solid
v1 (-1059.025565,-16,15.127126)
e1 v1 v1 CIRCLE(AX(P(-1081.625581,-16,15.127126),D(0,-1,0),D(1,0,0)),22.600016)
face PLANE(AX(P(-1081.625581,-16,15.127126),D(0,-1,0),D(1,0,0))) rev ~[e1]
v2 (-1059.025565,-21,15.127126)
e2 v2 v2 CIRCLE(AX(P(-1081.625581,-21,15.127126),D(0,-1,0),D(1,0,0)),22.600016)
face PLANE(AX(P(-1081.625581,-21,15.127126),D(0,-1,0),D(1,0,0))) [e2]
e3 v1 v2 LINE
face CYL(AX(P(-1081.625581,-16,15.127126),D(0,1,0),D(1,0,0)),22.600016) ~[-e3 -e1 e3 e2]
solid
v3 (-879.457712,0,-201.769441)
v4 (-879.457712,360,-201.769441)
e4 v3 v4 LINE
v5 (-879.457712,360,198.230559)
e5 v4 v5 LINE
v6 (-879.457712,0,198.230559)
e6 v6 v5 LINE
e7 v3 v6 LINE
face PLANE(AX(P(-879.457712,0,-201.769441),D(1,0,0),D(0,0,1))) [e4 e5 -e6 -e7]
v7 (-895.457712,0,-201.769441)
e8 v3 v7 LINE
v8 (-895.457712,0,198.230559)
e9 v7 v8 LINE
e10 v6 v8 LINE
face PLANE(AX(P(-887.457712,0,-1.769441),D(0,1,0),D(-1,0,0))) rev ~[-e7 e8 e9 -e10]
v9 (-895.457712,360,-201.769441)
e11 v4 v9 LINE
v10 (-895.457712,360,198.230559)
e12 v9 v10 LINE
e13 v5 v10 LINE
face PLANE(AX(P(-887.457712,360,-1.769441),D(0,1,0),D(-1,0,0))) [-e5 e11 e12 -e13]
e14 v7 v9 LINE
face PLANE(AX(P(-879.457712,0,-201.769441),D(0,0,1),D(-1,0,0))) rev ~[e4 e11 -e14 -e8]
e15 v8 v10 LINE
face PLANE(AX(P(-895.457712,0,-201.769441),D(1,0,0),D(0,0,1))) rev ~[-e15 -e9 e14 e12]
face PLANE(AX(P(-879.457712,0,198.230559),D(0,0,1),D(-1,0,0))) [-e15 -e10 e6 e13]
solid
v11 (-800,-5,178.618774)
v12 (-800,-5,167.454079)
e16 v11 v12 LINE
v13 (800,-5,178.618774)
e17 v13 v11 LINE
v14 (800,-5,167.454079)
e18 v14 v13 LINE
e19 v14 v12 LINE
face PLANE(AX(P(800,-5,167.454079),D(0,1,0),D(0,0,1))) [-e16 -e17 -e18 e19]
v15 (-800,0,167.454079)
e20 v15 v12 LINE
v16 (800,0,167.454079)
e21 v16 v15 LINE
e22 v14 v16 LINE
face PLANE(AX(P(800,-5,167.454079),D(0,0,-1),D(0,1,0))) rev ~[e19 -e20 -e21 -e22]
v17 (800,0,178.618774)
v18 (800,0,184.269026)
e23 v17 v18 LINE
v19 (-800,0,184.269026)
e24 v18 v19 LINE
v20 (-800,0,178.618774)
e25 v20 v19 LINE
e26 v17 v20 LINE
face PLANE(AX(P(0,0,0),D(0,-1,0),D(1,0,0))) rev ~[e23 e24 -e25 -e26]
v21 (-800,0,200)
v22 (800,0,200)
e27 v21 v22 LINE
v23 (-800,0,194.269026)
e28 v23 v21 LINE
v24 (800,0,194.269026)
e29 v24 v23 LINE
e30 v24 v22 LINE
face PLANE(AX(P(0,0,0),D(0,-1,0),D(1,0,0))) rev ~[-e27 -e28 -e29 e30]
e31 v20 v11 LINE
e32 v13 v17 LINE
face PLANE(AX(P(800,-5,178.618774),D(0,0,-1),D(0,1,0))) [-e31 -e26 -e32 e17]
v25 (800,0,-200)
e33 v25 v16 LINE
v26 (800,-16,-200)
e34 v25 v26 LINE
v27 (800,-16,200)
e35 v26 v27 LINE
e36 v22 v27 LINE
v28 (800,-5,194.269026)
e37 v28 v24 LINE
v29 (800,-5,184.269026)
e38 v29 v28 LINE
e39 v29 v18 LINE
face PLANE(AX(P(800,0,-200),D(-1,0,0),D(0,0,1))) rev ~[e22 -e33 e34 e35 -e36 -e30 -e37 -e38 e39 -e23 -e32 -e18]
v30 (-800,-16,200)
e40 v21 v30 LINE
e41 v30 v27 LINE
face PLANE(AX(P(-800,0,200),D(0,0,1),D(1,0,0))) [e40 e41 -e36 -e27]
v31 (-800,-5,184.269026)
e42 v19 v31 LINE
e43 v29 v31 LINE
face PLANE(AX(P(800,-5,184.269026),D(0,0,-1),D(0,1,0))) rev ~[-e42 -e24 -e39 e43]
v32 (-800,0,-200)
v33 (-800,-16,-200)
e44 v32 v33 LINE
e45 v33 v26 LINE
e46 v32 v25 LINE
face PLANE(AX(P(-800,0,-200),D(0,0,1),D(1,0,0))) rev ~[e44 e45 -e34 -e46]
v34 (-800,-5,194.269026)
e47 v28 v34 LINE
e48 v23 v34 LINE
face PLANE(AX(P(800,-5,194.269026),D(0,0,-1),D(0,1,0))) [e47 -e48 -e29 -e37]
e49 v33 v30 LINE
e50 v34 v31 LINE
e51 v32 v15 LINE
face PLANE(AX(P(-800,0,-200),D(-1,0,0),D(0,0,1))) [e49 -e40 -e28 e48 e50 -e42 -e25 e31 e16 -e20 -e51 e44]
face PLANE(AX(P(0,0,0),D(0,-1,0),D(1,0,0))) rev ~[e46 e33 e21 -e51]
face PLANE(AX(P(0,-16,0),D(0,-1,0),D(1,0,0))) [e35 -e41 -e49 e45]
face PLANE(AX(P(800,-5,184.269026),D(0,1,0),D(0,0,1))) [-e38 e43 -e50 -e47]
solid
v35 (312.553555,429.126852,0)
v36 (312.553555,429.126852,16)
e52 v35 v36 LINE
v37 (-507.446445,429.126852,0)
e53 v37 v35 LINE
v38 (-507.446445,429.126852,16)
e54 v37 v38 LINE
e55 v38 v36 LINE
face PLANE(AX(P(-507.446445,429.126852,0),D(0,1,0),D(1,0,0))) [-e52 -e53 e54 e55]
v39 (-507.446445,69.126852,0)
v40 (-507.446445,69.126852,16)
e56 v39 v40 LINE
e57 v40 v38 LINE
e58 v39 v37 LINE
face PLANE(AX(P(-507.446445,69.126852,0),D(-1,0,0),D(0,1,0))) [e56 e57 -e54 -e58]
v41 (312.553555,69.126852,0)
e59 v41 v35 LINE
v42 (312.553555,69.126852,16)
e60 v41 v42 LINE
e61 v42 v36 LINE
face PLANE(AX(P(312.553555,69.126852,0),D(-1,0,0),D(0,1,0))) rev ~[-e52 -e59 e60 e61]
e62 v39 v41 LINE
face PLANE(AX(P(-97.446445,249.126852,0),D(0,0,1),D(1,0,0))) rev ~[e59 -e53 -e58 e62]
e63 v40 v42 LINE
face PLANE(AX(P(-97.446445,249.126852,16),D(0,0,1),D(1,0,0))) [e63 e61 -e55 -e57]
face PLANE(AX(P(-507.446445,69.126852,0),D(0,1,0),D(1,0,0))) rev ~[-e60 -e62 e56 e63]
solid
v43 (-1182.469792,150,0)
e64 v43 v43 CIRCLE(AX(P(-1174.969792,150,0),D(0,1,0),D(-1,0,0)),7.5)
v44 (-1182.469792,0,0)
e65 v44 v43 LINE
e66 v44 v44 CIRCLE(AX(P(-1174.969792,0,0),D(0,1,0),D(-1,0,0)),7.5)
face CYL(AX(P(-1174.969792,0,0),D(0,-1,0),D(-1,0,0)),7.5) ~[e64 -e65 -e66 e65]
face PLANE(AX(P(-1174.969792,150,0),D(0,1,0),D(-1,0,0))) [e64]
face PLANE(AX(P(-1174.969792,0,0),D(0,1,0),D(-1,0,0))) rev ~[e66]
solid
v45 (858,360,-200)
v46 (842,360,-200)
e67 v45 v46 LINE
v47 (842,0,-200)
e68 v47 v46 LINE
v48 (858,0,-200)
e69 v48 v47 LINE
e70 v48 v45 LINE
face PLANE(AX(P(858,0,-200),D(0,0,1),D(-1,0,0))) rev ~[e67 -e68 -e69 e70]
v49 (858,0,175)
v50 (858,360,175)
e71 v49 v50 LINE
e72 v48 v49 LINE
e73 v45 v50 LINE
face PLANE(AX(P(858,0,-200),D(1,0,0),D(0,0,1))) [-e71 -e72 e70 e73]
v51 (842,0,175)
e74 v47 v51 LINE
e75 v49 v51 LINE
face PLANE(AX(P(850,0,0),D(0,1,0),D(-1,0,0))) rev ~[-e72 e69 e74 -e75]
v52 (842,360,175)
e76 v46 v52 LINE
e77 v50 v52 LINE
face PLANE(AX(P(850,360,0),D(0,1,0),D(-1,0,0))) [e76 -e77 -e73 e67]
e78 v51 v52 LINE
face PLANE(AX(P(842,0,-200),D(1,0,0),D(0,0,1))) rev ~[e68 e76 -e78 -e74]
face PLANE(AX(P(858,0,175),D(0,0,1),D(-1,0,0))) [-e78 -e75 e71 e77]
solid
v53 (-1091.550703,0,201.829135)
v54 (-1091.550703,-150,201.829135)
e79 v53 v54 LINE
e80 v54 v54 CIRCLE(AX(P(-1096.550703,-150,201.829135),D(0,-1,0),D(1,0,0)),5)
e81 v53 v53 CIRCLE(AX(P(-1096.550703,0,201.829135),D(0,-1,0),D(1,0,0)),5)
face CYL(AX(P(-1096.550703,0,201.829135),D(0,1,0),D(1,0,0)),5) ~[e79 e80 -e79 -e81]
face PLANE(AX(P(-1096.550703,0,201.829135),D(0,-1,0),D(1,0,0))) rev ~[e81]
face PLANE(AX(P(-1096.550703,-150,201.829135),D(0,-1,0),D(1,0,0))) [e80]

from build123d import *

# Parameters (mm, degrees)
F0_W      = 1600
F0_H      = 400
F1_DEPTH  = 16
F2_W      = 16
F2_H      = 400
F3_DEPTH  = 360
F4_R      = 7.5
F5_DEPTH  = 150
F6_R      = 22.6000160451
F7_DEPTH  = 5
F8_R      = 5
F9_DEPTH  = 150
F11_DEPTH = 25
F12_W     = 5
F12_H     = 10
F12_H_2   = 11.1646950245
F13_DEPTH = 1982.470792366
F14_W     = 820
F14_H     = 360
F15_DEPTH = 16


with BuildPart() as f1:
    # F0 (on Front) → F1 (new body)
    with BuildSketch(Plane.XZ):
        Rectangle(F0_W, F0_H)
    extrude(amount=F1_DEPTH)

    # F12 (on face) → F13 (cut, through all)
    with BuildSketch(Plane.YZ.offset(800)):
        with Locations((-2.5, 189.2690259218)):
            Rectangle(F12_W, F12_H)
        with Locations((-2.5, 173.0364263058)):
            Rectangle(F12_W, F12_H_2)
    extrude(amount=-F13_DEPTH, mode=Mode.SUBTRACT)


with BuildPart() as f3:
    # F2 (on face) → F3 (new body)
    with BuildSketch(Plane(origin=(0, 0, 0), x_dir=(-1, 0, 0), z_dir=(0, 1, 0))):
        with Locations((887.4577121735, -1.7694413662)):
            Rectangle(F2_W, F2_H)
    extrude(amount=F3_DEPTH)


with BuildPart() as f3b:
    # F2 (on face) → F3, piece 2 (new body)
    with BuildSketch(Plane(origin=(0, 0, 0), x_dir=(-1, 0, 0), z_dir=(0, 1, 0))):
        Rectangle(F2_W, F2_H)
    extrude(amount=F3_DEPTH)


with BuildPart() as f5:
    # F4 (on face) → F5 (new body)
    with BuildSketch(Plane(origin=(0, 0, 0), x_dir=(-1, 0, 0), z_dir=(0, 1, 0))):
        with Locations((1174.969792366, 0)):
            Circle(F4_R)
    extrude(amount=F5_DEPTH)


with BuildPart() as f7:
    # F6 (on face) → F7 (new body)
    with BuildSketch(Plane.XZ.offset(16)):
        with Locations((-1081.6255807877, 15.1271261275)):
            Circle(F6_R)
    extrude(amount=F7_DEPTH)


with BuildPart() as f9:
    # F8 (on Front) → F9 (new body)
    with BuildSketch(Plane.XZ):
        with Locations((-1096.5507030487, 201.8291354179)):
            Circle(F8_R)
    extrude(amount=F9_DEPTH)


with BuildPart() as f3b_1:
    # F10: moved
    add(f3b.part.moved(Location((850, 0, 0))))

    # F11 (cut): a face of the model
    f11_faces = [f3b_1.faces().sort_by_distance(p)[0] for p in [
        (850, 180, 200),
    ]]
    extrude(f11_faces, amount=-F11_DEPTH, mode=Mode.SUBTRACT)


with BuildPart() as f15:
    # F14 (on Top) → F15 (new body)
    with BuildSketch(Plane.XY):
        with Locations((-97.4464452267, 249.1268518567)):
            Rectangle(F14_W, F14_H)
    extrude(amount=F15_DEPTH)


solid = Compound([f1.part, f3.part, f5.part, f7.part, f9.part, f3b_1.part, f15.part])
